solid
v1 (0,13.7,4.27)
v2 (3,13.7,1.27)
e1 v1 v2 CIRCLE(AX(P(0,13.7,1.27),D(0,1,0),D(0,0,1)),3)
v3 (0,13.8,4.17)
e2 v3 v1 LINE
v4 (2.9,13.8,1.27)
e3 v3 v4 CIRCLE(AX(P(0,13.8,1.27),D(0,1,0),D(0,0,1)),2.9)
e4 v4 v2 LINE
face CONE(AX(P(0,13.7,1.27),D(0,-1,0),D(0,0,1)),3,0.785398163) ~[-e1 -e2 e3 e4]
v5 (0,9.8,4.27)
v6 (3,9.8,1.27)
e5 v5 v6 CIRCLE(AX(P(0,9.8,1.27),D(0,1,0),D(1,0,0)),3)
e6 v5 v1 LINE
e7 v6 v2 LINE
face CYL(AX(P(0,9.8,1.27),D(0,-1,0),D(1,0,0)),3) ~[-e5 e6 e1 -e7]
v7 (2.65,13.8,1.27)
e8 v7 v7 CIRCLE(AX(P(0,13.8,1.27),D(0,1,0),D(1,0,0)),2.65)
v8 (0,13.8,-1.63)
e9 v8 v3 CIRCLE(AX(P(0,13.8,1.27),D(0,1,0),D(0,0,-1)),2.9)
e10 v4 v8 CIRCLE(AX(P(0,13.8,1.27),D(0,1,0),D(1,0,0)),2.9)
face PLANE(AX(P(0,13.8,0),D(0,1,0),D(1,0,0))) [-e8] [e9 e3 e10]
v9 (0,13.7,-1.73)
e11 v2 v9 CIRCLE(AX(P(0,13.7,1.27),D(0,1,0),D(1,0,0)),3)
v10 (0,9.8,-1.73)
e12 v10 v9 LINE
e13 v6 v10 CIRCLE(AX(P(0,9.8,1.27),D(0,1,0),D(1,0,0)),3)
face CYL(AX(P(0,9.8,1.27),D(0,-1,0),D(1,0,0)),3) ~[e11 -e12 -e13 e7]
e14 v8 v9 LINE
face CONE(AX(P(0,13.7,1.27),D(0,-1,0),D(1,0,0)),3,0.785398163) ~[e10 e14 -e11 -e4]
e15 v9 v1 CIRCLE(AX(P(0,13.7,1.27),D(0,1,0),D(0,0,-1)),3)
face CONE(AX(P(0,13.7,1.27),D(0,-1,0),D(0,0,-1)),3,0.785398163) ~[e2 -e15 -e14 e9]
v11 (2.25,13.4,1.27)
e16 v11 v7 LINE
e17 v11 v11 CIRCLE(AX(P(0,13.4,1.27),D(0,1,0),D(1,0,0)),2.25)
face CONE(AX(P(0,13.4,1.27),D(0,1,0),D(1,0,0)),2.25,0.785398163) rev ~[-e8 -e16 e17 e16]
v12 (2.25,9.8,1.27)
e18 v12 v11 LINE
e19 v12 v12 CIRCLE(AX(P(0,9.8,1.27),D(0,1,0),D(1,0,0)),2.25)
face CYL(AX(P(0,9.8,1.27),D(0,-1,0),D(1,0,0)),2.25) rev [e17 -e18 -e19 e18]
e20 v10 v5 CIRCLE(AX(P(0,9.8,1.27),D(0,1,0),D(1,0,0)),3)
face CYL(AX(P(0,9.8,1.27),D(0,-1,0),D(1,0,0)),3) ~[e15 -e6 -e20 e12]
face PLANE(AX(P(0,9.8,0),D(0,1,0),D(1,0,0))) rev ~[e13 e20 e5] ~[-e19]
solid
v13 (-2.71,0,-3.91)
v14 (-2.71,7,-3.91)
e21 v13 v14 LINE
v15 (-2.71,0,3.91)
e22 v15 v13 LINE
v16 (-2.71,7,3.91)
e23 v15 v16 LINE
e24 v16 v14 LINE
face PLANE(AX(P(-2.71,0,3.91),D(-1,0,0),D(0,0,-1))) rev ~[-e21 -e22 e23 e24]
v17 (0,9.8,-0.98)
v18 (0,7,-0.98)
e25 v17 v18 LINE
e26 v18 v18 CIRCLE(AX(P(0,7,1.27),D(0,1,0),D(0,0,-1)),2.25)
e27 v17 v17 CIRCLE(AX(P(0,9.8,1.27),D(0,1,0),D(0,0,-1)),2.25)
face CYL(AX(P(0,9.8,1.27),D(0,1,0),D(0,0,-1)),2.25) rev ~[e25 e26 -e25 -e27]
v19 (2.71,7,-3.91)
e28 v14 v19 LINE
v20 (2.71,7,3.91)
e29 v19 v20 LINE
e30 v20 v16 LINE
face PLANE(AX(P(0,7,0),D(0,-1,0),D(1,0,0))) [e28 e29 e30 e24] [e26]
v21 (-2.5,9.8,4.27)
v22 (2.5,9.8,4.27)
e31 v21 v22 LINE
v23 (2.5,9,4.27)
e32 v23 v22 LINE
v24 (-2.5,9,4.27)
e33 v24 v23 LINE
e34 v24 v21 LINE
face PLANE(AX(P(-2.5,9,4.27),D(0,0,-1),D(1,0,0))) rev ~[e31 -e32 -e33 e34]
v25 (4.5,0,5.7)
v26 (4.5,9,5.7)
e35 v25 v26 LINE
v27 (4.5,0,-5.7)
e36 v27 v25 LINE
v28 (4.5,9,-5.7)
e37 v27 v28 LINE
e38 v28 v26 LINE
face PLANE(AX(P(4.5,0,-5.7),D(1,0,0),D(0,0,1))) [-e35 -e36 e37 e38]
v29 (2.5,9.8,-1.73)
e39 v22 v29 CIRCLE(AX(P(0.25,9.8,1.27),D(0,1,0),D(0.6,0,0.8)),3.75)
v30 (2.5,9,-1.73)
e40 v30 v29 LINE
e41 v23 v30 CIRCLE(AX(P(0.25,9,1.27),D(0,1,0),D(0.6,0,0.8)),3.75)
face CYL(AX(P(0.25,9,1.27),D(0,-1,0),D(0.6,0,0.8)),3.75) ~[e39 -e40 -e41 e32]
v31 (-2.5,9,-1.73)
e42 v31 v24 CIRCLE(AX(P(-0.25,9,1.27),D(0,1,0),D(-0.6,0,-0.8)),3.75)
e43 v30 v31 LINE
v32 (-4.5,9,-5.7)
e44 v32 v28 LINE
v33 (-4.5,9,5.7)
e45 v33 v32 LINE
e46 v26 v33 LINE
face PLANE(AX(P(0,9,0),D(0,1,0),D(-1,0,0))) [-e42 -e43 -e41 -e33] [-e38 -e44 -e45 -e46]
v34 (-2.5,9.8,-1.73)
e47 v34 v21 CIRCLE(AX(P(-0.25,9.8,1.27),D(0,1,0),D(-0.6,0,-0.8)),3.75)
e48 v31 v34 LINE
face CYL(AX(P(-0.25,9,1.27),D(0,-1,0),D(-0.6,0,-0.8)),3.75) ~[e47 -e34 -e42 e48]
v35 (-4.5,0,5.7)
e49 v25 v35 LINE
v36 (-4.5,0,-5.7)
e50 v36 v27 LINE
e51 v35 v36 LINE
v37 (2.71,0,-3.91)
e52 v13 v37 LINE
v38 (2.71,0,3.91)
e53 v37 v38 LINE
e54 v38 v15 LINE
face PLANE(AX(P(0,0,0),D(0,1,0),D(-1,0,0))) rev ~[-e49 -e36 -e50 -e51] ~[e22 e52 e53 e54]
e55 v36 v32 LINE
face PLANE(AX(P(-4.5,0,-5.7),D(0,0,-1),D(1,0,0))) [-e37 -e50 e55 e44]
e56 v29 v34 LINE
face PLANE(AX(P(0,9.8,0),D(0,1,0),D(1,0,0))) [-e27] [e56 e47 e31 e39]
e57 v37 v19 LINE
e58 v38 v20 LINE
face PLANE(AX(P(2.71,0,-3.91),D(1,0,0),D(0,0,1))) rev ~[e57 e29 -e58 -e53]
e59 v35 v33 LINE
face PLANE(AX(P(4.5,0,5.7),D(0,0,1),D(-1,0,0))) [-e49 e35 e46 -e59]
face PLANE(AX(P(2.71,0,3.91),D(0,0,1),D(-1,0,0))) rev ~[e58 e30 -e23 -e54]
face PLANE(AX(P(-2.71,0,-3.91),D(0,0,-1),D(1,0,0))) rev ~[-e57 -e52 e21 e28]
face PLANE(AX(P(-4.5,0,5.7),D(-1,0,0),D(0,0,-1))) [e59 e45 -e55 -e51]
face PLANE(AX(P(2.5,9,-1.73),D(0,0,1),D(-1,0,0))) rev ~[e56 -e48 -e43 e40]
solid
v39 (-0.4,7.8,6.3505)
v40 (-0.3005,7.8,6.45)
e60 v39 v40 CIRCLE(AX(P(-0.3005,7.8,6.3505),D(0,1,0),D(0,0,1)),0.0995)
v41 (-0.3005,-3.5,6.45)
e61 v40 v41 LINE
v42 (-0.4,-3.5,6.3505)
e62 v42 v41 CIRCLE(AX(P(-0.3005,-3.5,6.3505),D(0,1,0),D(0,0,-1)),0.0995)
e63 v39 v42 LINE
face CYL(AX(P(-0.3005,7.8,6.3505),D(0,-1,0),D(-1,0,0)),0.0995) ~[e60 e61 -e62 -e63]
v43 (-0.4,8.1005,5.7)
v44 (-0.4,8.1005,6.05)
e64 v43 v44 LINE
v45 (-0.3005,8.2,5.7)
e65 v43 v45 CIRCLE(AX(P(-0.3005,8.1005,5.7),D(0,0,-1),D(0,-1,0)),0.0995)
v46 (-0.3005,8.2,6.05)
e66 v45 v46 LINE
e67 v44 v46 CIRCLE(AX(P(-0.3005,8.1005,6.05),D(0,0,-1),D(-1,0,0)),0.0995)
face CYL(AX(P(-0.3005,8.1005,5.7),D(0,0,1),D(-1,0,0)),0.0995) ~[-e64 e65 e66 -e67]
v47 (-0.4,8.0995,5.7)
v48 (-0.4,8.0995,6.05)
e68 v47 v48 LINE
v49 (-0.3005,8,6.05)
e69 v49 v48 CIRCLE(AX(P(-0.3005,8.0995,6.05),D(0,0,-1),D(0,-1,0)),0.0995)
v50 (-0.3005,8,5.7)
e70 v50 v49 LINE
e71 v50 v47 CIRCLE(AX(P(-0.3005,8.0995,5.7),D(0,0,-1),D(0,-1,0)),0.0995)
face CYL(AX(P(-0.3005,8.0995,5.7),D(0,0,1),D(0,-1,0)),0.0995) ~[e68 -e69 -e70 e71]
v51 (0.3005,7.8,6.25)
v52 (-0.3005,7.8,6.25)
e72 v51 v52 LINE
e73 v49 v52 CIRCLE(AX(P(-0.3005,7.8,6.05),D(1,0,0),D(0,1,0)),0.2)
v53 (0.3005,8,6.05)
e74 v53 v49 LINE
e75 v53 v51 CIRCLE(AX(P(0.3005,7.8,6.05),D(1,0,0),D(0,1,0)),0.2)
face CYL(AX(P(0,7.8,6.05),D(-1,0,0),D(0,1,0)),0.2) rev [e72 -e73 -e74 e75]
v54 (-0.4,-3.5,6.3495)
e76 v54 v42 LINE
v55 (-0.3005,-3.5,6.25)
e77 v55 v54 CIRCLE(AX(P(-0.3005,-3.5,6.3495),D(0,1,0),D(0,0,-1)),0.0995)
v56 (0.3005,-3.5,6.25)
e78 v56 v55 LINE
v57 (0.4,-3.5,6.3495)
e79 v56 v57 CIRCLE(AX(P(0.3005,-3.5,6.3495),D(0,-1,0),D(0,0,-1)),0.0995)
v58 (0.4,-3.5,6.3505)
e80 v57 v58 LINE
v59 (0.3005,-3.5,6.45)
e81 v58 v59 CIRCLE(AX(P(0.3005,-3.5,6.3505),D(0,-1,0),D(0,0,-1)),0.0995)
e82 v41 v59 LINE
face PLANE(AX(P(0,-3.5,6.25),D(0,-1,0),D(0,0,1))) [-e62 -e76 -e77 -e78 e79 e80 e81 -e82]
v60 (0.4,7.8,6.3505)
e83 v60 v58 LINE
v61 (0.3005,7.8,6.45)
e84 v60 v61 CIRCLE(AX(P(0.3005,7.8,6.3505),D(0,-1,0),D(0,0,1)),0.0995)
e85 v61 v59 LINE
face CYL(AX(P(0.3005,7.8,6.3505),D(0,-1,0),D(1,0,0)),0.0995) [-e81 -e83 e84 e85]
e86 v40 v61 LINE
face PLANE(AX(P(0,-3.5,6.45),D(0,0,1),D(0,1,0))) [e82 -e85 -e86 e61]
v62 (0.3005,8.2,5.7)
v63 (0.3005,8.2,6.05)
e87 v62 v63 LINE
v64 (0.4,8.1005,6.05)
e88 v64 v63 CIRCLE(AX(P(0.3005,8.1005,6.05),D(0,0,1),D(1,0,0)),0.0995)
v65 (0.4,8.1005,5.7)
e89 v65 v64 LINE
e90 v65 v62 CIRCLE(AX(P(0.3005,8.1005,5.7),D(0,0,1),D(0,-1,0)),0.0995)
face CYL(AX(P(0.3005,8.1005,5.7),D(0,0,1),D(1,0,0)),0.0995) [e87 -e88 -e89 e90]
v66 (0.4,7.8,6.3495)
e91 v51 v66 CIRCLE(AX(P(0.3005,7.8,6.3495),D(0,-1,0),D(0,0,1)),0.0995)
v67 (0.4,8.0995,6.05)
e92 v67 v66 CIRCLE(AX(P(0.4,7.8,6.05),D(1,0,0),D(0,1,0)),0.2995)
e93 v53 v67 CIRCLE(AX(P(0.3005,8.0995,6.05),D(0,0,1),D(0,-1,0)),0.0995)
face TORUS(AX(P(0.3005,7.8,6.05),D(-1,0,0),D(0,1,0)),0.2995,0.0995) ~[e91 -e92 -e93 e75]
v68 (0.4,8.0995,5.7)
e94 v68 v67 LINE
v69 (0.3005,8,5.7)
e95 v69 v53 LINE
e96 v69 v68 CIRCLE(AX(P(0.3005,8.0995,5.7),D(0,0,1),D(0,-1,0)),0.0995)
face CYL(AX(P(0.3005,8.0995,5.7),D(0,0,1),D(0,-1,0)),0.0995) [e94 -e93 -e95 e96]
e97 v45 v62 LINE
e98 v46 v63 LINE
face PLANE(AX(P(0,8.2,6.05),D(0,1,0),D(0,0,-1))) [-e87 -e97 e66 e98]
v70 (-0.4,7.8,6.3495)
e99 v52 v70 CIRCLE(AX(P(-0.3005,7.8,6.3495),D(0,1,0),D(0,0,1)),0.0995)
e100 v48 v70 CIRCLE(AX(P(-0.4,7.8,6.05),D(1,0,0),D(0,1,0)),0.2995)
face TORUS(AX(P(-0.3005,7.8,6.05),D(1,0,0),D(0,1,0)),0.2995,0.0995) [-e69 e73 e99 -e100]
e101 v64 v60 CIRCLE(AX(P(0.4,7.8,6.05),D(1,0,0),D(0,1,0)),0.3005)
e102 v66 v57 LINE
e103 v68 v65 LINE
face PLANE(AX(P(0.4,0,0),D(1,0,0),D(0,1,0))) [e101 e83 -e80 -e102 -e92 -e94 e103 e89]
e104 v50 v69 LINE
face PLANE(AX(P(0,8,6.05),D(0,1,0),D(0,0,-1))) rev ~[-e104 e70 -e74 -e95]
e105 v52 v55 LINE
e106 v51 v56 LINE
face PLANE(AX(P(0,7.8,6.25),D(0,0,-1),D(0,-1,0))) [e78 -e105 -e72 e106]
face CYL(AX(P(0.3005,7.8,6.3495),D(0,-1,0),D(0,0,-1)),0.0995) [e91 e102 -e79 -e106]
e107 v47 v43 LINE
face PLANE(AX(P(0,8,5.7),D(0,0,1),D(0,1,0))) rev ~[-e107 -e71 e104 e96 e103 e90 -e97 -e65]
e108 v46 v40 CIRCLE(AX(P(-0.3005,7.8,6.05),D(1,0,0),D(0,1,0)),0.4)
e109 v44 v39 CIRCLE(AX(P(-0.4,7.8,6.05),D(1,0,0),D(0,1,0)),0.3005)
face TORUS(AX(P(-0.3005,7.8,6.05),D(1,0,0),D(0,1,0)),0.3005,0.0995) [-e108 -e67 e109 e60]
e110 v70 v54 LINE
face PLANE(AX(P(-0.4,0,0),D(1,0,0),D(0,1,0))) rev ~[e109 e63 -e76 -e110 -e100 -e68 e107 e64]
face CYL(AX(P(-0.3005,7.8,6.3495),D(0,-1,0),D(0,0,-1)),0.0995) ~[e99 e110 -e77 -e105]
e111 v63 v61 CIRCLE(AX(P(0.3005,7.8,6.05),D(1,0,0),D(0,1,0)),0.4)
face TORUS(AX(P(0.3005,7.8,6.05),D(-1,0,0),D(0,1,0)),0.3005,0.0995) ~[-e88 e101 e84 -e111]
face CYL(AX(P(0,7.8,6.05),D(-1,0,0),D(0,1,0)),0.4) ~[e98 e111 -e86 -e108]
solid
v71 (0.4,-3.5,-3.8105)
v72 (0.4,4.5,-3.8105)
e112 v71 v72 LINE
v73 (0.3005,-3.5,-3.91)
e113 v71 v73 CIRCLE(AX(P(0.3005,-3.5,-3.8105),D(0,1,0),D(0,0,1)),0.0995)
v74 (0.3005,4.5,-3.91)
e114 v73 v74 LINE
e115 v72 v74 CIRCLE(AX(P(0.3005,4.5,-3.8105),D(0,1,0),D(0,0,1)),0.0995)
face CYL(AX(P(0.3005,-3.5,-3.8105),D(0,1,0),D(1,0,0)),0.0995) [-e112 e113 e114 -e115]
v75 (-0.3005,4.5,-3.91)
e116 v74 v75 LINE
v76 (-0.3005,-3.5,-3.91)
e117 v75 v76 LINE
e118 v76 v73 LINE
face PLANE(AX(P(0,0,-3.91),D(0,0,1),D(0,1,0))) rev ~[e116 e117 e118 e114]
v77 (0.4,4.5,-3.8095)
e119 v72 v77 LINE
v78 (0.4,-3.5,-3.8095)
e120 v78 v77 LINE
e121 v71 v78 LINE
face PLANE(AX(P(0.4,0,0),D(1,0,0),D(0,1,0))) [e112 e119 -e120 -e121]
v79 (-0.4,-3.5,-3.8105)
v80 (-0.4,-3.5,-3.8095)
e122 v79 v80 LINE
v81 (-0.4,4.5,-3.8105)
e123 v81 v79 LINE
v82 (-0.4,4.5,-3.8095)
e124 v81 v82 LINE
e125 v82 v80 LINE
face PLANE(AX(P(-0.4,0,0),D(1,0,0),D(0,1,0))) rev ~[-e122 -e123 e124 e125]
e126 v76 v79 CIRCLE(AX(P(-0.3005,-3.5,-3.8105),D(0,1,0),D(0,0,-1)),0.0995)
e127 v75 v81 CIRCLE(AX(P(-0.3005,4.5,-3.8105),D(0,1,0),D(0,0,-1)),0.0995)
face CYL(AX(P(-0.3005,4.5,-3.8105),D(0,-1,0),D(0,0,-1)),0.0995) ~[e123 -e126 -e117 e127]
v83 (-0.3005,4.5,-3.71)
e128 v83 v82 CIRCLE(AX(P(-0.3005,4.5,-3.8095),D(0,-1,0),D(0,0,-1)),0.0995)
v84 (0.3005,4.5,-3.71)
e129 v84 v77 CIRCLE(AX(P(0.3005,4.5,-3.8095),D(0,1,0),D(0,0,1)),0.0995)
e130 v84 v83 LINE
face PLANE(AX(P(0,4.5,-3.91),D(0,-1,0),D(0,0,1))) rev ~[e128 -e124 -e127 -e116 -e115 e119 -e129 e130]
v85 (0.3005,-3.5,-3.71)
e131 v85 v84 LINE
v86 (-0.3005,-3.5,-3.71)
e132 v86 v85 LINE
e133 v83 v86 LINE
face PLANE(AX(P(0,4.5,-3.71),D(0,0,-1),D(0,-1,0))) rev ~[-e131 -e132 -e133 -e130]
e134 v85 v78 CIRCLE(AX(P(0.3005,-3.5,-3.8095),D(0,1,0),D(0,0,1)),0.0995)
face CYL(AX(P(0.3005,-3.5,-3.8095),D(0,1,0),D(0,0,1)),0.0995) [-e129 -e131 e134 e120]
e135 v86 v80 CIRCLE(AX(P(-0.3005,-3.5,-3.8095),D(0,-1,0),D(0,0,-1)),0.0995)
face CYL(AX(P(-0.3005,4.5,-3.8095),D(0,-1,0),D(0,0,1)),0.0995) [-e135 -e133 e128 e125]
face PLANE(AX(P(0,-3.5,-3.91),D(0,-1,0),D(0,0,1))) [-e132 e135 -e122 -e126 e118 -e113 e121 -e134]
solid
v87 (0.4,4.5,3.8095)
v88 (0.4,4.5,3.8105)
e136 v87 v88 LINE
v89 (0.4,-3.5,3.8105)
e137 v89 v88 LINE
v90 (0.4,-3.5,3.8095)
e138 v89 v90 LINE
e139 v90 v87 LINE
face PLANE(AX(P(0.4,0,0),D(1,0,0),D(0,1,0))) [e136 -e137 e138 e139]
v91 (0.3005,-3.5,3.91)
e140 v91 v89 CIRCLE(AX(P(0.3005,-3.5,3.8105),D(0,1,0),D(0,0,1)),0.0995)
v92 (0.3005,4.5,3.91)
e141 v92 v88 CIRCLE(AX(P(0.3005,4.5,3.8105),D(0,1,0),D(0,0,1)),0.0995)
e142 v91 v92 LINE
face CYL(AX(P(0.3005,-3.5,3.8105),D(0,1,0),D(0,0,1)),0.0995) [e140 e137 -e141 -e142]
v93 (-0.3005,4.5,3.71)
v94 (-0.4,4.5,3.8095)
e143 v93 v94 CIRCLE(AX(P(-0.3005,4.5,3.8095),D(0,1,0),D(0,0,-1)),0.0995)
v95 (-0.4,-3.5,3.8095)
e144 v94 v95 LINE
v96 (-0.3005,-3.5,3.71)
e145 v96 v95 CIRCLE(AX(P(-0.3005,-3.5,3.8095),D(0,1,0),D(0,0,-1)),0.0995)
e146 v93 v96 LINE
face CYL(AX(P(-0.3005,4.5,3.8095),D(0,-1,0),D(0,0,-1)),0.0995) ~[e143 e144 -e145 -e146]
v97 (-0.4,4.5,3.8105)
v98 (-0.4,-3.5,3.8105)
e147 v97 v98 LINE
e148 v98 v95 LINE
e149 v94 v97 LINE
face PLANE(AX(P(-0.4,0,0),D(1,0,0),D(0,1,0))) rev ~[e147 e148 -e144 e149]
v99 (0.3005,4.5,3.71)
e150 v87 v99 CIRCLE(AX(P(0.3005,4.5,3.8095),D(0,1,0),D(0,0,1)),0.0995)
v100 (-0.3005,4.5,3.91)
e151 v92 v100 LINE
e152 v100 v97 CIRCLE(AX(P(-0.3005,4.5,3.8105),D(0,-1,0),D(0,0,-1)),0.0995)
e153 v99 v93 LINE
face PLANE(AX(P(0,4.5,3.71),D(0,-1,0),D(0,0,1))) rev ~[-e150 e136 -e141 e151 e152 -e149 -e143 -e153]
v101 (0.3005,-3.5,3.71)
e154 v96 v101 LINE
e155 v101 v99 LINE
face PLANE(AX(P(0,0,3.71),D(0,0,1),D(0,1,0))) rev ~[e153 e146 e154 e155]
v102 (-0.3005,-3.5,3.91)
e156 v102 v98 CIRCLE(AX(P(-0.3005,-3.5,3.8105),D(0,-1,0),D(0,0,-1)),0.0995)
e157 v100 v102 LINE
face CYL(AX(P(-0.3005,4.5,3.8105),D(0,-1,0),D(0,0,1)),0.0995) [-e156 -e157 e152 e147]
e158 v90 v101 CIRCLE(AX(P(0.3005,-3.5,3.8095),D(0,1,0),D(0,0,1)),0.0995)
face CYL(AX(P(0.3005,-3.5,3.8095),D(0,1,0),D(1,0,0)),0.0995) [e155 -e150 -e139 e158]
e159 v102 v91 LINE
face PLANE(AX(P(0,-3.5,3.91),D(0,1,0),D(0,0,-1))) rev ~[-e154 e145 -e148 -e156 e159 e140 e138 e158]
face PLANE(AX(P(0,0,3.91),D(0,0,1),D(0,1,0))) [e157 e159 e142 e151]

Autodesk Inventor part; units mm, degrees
ref_plane "YZ Plane" through (0, 0, 0) normal (1, 0, 0) x (0, 1, 0)
ref_plane "XZ Plane" through (0, 0, 0) normal (0, 1, 0) x (-1, 0, 0)
ref_plane "XY Plane" through (0, 0, 0) normal (0, 0, 1) x (1, 0, 0)
sketch "Sketch1" plane through (0, 0, 0) normal (0, 1, 0) x (-1, 0, 0)
  line L0 (-4.5, 5.7) -> (4.5, 5.7)
  line L1 (4.5, 5.7) -> (4.5, -5.7)
  line L2 (4.5, -5.7) -> (-4.5, -5.7)
  line L3 (-4.5, -5.7) -> (-4.5, 5.7)
  line L4 (-4.5, 5.7) -> (4.5, -5.7) construction
  line L5 (4.5, 5.7) -> (-4.5, -5.7) construction
  point P0 (0, 0)
  dimension "d0" = 9
  dimension "d1" = 11.4
extrude "Extrusion1" add sketch "Sketch1" along normal blind 9
sketch "Sketch2" plane through (0, 0, 0) normal (0, -1, 0) x (1, 0, 0)
  line L0 (4.5, 5.7) -> (-4.5, 5.7) projected
  line L1 (-4.5, 5.7) -> (-4.5, -5.7) projected
  line L2 (-4.5, -5.7) -> (4.5, -5.7) projected
  line L3 (4.5, -5.7) -> (4.5, 5.7) projected
  line L4 (2.71, 3.91) -> (-2.71, 3.91)
  line L5 (-2.71, 3.91) -> (-2.71, -3.91)
  line L6 (-2.71, -3.91) -> (2.71, -3.91)
  line L7 (2.71, -3.91) -> (2.71, 3.91)
  point P0 (0, 0)
  dimension "d4" = 7.82
extrude "Extrusion2" cut sketch "Sketch2" against normal blind 7 contours L7 L6 L5 L4
sketch "Sketch4" plane through (0, 9, 0) normal (0, 1, 0) x (1, 0, 0)
  line L0 (0, 0) -> (0, -1.27)
  line L1 (2.5, -4.27) -> (2.5, 1.73)
  line L2 (2.5, 1.73) -> (-2.5, 1.73)
  line L3 (-2.5, 1.73) -> (-2.5, -4.27)
  line L4 (-2.5, -4.27) -> (2.5, -4.27)
  line L5 (2.5, -4.27) -> (-2.5, 1.73) construction
  line L6 (2.5, 1.73) -> (-2.5, -4.27) construction
  arc A0 (-2.5, 1.73) -> (-2.5, -4.27) centre (-0.25, -1.27) ccw
  arc A1 (2.5, -4.27) -> (2.5, 1.73) centre (0.25, -1.27) ccw
  dimension "d17" = 1.27
  dimension "d18" = 6
  dimension "d19" = 5
  dimension "d20" = 3.75
  dimension "d21" = 3.75
extrude "Extrusion4" add sketch "Sketch4" along normal blind 0.8
sketch "Sketch5" plane through (0, 9.8, 0) normal (0, 1, 0) x (1, 0, 0)
  arc A0 (2.5, -4.27) -> (2.5, 1.73) centre (0.25, -1.27) ccw projected
  line L0 (2.5, 1.73) -> (-2.5, 1.73) projected
  arc A1 (-2.5, 1.73) -> (-2.5, -4.27) centre (-0.25, -1.27) ccw projected
  line L1 (-2.5, -4.27) -> (2.5, -4.27) projected
  line L2 (0.25, -1.27) -> (-0.25, -1.27)
  circle A2 centre (0, -1.27) radius 3
  circle A3 centre (0, -1.27) radius 2.25
  point P0 (0, 0)
  dimension "d24" = 6
  dimension "d25" = 4.5
extrude "Extrusion5" add sketch "Sketch5" along normal blind 4 separate body contours A2
chamfer "Chamfer1" distance 0.4 angle 45 1 edges at (-2.25, 13.8, 1.27)
chamfer "Chamfer2" distance 0.1 angle 45 1 edges at (-3, 13.8, 1.27)
sketch "Sketch6" plane through (0, 0, 0) normal (1, 0, 0) x (0, 1, 0)
  line L0 (0, 5.7) -> (0, -5.7) projected
  line L1 (8, 6.05) -> (8, 5.7)
  line L2 (8, 5.7) -> (8.2, 5.7)
  line L3 (0, 5.7) -> (9, 5.7) projected
  line L4 (7.8, 6.25) -> (0, 6.25)
  line L5 (0, 6.25) -> (-3.5, 6.25)
  line L6 (-3.5, 6.25) -> (-3.5, 6.45)
  line L7 (-3.5, 6.45) -> (7.8, 6.45)
  line L8 (8, 5.7) -> (8.2, 5.7)
  line L9 (0, 3.91) -> (7, 3.91) projected
  line L10 (0, -3.91) -> (7, -3.91) projected
  line L11 (0, -3.91) -> (0, 3.91) projected
  arc A0 (8, 6.05) -> (7.8, 6.25) centre (7.8, 6.05) ccw
  arc A1 (8.2, 6.05) -> (7.8, 6.45) centre (7.8, 6.05) ccw
  line L12 (8.2, 6.05) -> (8.2, 5.7)
  line L13 (-3.5, -3.91) -> (4.5, -3.91)
  line L14 (4.5, -3.91) -> (4.5, -3.71)
  line L15 (4.5, -3.71) -> (-3.5, -3.71)
  line L16 (0, 3.91) -> (7, 3.91) projected
  line L17 (-3.5, 3.71) -> (4.5, 3.71)
  line L18 (4.5, 3.71) -> (4.5, 3.91)
  line L19 (4.5, 3.91) -> (-3.5, 3.91)
  line L20 (-3.5, 3.91) -> (-3.5, 3.71)
  line L21 (-3.5, -3.91) -> (-3.5, -3.71)
  point P0 (0, 0)
  point P1 (8.2, 6.45)
  point P2 (0, 3.71)
  point P3 (0, -3.71)
  dimension "d37" = 0.2
  dimension "d42" = 3.5
  dimension "d43" = 0.2
  dimension "d44" = 0.2
  dimension "d45" = 0.2
  dimension "d46" = 0.4
  dimension "d49" = 8
  dimension "d50" = 8
extrude "Extrusion6" add sketch "Sketch6" along normal mid plane 0.8 separate body
fillet "Fillet1" radius 0.1 20 edges at (-0.4, 0.5, -3.91) (-0.4, 0.5, -3.71) (0.4, 0.5, -3.71) (-0.4, 7.9414, 6.1914) (-0.4, 8, 5.875) (-0.4, 2.15, 6.25) (-0.4, 8.0828, 6.3328) (-0.4, 8.2, 5.875) (-0.4, 2.15, 6.45) (0.4, 8.0828, 6.3328) (0.4, 8.2, 5.875) (0.4, 2.15, 6.45) (-0.4, 0.5, 3.71) (-0.4, 0.5, 3.91) (0.4, 0.5, 3.91) (0.4, 0.5, -3.91) (0.4, 0.5, 3.71) (0.4, 7.9414, 6.1914) (0.4, 8, 5.875) (0.4, 2.15, 6.25)
sketch "Sketch7" plane through (0, 9.8, 1.27) normal (0, 1, 0) x (0, 0, -1)
  circle A0 centre (0, 0) radius 2.25 projected
  point P0 (1.27, 0)
extrude "Extrusion7" cut sketch "Sketch7" against normal through all bodies 1
properties part number "KNOBICONN_TRS"
